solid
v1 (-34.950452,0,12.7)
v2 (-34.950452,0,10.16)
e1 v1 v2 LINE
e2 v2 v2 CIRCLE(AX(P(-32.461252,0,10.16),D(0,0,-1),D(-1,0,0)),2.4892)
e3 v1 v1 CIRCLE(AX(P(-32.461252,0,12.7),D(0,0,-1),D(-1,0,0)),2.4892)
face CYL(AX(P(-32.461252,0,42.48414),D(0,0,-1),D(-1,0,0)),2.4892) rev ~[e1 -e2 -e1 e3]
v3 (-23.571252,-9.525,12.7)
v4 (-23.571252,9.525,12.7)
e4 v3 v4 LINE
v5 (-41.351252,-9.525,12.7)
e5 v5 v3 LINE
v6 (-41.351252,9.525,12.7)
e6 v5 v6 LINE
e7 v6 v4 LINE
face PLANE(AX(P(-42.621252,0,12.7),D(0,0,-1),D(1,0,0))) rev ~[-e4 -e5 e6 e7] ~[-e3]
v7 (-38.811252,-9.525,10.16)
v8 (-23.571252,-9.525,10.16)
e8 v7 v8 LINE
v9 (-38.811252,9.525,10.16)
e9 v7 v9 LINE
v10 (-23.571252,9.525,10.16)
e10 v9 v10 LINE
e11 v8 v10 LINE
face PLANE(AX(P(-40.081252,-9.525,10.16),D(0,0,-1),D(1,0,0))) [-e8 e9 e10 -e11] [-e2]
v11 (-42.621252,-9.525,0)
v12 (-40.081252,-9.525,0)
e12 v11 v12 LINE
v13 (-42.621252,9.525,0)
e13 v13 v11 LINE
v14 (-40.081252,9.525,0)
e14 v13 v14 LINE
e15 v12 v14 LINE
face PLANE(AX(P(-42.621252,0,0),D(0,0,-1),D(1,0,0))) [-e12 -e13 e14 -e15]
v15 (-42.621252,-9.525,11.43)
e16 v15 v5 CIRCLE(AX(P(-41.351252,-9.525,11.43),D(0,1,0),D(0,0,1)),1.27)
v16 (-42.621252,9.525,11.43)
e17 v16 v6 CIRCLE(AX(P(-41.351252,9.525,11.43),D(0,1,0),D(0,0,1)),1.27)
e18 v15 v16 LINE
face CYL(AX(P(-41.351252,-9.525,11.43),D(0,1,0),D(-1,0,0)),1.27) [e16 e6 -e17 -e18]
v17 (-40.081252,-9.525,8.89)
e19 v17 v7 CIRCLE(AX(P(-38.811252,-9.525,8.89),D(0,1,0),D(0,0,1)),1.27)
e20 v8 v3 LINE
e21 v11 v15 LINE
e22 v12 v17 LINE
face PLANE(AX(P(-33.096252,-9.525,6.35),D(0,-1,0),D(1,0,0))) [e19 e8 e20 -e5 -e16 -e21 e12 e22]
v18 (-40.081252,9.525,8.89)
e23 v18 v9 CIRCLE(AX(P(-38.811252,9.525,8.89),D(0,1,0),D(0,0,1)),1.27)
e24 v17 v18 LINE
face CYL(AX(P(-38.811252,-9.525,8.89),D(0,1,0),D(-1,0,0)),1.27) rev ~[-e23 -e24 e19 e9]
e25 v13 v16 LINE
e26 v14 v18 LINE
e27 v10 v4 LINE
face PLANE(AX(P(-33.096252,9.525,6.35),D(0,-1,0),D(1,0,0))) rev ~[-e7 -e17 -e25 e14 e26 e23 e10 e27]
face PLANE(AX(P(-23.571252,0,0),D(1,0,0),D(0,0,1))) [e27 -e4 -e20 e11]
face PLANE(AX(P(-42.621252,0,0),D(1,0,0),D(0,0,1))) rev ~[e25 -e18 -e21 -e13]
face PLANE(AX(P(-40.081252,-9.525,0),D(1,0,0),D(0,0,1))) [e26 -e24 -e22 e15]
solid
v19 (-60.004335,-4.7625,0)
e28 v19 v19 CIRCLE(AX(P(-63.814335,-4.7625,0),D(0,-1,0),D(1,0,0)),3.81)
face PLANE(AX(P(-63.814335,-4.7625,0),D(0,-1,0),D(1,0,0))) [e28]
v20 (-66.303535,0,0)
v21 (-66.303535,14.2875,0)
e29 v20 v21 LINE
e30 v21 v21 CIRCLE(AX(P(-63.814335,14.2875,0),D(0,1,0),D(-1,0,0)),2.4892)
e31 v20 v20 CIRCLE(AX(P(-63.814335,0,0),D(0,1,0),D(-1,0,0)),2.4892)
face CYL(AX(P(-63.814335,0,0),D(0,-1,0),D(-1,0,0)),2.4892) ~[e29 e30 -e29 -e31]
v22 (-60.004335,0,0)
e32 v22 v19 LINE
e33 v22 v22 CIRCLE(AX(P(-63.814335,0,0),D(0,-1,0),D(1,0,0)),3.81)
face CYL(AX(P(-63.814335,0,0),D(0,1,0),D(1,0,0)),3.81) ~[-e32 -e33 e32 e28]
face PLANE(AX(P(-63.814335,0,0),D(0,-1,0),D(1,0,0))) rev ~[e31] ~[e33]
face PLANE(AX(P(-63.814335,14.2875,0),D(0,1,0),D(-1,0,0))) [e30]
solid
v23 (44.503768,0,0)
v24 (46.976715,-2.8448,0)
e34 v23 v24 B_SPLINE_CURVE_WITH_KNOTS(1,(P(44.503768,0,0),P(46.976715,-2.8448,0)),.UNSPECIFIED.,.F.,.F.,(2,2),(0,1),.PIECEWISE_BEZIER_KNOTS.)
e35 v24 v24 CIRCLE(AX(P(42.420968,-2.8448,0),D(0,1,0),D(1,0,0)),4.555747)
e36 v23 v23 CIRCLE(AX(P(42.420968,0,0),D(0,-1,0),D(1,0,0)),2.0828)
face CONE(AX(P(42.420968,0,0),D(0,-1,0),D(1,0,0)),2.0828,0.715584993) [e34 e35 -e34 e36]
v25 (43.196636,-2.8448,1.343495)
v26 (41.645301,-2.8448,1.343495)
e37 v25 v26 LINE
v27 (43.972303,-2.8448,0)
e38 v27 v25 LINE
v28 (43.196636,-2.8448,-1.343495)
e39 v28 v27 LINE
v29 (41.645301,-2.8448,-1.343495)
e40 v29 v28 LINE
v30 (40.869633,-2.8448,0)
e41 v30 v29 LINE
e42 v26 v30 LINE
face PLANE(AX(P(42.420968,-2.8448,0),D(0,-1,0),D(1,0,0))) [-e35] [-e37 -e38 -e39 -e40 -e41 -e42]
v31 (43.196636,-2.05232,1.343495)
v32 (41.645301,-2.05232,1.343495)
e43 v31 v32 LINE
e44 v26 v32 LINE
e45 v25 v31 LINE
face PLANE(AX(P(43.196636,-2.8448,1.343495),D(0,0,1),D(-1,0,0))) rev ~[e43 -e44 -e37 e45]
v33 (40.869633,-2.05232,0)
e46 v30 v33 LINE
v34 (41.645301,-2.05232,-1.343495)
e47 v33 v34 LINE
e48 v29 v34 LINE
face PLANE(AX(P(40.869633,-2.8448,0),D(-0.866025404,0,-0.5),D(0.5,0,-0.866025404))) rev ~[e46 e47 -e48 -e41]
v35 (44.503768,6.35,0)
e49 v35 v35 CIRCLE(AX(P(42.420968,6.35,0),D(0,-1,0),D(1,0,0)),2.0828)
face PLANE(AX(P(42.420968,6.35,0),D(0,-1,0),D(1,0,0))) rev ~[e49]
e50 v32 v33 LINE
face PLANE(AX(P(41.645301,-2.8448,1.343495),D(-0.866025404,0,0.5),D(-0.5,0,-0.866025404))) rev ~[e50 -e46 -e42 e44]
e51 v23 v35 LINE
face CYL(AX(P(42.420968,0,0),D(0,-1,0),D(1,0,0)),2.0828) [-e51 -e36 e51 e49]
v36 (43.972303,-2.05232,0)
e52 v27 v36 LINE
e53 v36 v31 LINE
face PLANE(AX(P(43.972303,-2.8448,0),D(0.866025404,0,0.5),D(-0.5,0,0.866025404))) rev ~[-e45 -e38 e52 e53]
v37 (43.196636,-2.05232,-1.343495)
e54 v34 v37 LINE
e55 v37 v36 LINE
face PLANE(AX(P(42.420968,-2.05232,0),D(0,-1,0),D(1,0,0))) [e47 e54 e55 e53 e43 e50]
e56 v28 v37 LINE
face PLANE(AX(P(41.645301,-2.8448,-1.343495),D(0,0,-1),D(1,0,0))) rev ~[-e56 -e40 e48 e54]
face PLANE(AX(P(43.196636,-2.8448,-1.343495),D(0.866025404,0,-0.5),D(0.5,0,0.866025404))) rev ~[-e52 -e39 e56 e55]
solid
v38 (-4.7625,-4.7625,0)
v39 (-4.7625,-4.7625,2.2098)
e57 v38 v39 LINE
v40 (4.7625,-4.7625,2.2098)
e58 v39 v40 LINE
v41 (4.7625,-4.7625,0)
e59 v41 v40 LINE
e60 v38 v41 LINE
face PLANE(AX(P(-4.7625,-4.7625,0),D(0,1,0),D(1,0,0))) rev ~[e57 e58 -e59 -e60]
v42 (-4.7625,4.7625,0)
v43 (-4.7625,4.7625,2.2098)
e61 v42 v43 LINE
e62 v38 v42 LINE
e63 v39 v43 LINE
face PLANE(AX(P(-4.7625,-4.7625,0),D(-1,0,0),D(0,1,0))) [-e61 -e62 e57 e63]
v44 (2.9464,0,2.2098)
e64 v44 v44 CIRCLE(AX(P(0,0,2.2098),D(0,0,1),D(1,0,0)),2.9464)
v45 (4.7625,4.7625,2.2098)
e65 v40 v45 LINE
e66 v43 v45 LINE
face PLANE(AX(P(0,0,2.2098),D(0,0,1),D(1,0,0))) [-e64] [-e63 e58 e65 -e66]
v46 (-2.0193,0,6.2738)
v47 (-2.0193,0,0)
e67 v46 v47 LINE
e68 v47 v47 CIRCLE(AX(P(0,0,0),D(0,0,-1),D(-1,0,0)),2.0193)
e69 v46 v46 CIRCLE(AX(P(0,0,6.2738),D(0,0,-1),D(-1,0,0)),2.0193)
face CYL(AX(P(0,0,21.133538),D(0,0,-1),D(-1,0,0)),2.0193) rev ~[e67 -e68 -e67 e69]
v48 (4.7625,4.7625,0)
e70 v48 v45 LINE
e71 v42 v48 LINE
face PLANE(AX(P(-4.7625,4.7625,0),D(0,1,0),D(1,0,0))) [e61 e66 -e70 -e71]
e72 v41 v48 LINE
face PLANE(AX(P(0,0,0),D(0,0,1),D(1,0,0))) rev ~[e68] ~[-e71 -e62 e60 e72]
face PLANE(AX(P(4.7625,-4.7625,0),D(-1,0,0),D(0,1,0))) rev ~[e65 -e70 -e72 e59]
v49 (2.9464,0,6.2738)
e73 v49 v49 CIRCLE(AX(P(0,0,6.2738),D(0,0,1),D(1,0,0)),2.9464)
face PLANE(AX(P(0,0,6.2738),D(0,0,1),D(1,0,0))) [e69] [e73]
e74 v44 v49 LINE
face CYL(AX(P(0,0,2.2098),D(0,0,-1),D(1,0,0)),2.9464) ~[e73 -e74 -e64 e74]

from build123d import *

# Parameters (mm, degrees)
F0_W           = 9.525
F0_H           = 9.525
F1_DEPTH       = 2.2098
F2_R           = 2.9464
F3_DEPTH       = 4.064
F5_D           = 4.0386
F6_W           = 19.05
F6_H           = 12.7
F7_DEPTH       = 9.525
F8_W           = 16.51
F8_H           = 10.16
F9_DEPTH       = 19.051
F10_R          = 1.27
F12_D          = 4.9784
F13_R          = 3.81
F14_DEPTH      = 4.7625
F15_R          = 2.4892
F16_DEPTH      = 14.2875
F17_R          = 2.0828
F18_DEPTH      = 2.8448
F18_TAPER      = -41
F18_DEPTH_BACK = 6.35
F20_DEPTH      = 0.79248


with BuildPart() as f1:
    # F0 (on Top) → F1 (new body)
    with BuildSketch(Plane.XY):
        Rectangle(F0_W, F0_H)
    extrude(amount=F1_DEPTH)

    # F2 (on face) → F3 (join)
    with BuildSketch(Plane.XY.offset(2.2098)):
        Circle(F2_R)
    extrude(amount=F3_DEPTH)

    # F5 (through all)
    with Locations(Plane.XY.offset(6.2738)):
        with Locations((0, 0)):
            Hole(F5_D / 2)


with BuildPart() as f7:
    # F6 (on Front) → F7 (new body, symmetric)
    with BuildSketch(Plane.XZ):
        with Locations((-33.0962524428, 6.35)):
            Rectangle(F6_W, F6_H)
    extrude(amount=F7_DEPTH, both=True)

    # F8 (on face) → F9 (cut, through all)
    with BuildSketch(Plane.XZ.offset(9.525)):
        with Locations((-31.8262524428, 5.08)):
            Rectangle(F8_W, F8_H)
    extrude(amount=-F9_DEPTH, mode=Mode.SUBTRACT)

    # F10
    f10_edges = [f7.edges().sort_by_distance(p)[0] for p in [
        (-42.621252, 0, 12.7),
        (-40.081252, 0, 10.16),
    ]]
    fillet(f10_edges, radius=F10_R)

    # F12 (through all)
    with Locations(Plane.XY.offset(12.7)):
        with Locations((-32.4612524428, 0)):
            Hole(F12_D / 2)


with BuildPart() as f14:
    # F13 (on Front) → F14 (new body)
    with BuildSketch(Plane.XZ):
        with Locations((-63.8143345714, 0)):
            Circle(F13_R)
    extrude(amount=F14_DEPTH)

    # F15 (on face) → F16 (join)
    with BuildSketch(Plane(origin=(0, 0, 0), x_dir=(-1, 0, 0), z_dir=(0, 1, 0))):
        with Locations((63.8143345714, 0)):
            Circle(F15_R)
    extrude(amount=F16_DEPTH)


with BuildPart() as f18:
    # F17 (on Front) → F18 (new body, two sides)
    with BuildSketch(Plane.XZ) as f18_sk:
        with Locations((42.4209682934, 0)):
            Circle(F17_R)
    extrude(amount=F18_DEPTH, taper=F18_TAPER)
    extrude(f18_sk.sketch, amount=-F18_DEPTH_BACK)

    # F19 (on face) → F20 (cut)
    with BuildSketch(Plane.XZ.offset(2.8448)):
        Polygon((43.1966357279, -1.3434954063), (43.9723031624, 0), (43.1966357279, 1.3434954063), (41.645300859, 1.3434954063), (40.8696334245, 0), (41.645300859, -1.3434954063), align=None)
    extrude(amount=-F20_DEPTH, mode=Mode.SUBTRACT)


solid = Compound([f1.part, f7.part, f14.part, f18.part])
